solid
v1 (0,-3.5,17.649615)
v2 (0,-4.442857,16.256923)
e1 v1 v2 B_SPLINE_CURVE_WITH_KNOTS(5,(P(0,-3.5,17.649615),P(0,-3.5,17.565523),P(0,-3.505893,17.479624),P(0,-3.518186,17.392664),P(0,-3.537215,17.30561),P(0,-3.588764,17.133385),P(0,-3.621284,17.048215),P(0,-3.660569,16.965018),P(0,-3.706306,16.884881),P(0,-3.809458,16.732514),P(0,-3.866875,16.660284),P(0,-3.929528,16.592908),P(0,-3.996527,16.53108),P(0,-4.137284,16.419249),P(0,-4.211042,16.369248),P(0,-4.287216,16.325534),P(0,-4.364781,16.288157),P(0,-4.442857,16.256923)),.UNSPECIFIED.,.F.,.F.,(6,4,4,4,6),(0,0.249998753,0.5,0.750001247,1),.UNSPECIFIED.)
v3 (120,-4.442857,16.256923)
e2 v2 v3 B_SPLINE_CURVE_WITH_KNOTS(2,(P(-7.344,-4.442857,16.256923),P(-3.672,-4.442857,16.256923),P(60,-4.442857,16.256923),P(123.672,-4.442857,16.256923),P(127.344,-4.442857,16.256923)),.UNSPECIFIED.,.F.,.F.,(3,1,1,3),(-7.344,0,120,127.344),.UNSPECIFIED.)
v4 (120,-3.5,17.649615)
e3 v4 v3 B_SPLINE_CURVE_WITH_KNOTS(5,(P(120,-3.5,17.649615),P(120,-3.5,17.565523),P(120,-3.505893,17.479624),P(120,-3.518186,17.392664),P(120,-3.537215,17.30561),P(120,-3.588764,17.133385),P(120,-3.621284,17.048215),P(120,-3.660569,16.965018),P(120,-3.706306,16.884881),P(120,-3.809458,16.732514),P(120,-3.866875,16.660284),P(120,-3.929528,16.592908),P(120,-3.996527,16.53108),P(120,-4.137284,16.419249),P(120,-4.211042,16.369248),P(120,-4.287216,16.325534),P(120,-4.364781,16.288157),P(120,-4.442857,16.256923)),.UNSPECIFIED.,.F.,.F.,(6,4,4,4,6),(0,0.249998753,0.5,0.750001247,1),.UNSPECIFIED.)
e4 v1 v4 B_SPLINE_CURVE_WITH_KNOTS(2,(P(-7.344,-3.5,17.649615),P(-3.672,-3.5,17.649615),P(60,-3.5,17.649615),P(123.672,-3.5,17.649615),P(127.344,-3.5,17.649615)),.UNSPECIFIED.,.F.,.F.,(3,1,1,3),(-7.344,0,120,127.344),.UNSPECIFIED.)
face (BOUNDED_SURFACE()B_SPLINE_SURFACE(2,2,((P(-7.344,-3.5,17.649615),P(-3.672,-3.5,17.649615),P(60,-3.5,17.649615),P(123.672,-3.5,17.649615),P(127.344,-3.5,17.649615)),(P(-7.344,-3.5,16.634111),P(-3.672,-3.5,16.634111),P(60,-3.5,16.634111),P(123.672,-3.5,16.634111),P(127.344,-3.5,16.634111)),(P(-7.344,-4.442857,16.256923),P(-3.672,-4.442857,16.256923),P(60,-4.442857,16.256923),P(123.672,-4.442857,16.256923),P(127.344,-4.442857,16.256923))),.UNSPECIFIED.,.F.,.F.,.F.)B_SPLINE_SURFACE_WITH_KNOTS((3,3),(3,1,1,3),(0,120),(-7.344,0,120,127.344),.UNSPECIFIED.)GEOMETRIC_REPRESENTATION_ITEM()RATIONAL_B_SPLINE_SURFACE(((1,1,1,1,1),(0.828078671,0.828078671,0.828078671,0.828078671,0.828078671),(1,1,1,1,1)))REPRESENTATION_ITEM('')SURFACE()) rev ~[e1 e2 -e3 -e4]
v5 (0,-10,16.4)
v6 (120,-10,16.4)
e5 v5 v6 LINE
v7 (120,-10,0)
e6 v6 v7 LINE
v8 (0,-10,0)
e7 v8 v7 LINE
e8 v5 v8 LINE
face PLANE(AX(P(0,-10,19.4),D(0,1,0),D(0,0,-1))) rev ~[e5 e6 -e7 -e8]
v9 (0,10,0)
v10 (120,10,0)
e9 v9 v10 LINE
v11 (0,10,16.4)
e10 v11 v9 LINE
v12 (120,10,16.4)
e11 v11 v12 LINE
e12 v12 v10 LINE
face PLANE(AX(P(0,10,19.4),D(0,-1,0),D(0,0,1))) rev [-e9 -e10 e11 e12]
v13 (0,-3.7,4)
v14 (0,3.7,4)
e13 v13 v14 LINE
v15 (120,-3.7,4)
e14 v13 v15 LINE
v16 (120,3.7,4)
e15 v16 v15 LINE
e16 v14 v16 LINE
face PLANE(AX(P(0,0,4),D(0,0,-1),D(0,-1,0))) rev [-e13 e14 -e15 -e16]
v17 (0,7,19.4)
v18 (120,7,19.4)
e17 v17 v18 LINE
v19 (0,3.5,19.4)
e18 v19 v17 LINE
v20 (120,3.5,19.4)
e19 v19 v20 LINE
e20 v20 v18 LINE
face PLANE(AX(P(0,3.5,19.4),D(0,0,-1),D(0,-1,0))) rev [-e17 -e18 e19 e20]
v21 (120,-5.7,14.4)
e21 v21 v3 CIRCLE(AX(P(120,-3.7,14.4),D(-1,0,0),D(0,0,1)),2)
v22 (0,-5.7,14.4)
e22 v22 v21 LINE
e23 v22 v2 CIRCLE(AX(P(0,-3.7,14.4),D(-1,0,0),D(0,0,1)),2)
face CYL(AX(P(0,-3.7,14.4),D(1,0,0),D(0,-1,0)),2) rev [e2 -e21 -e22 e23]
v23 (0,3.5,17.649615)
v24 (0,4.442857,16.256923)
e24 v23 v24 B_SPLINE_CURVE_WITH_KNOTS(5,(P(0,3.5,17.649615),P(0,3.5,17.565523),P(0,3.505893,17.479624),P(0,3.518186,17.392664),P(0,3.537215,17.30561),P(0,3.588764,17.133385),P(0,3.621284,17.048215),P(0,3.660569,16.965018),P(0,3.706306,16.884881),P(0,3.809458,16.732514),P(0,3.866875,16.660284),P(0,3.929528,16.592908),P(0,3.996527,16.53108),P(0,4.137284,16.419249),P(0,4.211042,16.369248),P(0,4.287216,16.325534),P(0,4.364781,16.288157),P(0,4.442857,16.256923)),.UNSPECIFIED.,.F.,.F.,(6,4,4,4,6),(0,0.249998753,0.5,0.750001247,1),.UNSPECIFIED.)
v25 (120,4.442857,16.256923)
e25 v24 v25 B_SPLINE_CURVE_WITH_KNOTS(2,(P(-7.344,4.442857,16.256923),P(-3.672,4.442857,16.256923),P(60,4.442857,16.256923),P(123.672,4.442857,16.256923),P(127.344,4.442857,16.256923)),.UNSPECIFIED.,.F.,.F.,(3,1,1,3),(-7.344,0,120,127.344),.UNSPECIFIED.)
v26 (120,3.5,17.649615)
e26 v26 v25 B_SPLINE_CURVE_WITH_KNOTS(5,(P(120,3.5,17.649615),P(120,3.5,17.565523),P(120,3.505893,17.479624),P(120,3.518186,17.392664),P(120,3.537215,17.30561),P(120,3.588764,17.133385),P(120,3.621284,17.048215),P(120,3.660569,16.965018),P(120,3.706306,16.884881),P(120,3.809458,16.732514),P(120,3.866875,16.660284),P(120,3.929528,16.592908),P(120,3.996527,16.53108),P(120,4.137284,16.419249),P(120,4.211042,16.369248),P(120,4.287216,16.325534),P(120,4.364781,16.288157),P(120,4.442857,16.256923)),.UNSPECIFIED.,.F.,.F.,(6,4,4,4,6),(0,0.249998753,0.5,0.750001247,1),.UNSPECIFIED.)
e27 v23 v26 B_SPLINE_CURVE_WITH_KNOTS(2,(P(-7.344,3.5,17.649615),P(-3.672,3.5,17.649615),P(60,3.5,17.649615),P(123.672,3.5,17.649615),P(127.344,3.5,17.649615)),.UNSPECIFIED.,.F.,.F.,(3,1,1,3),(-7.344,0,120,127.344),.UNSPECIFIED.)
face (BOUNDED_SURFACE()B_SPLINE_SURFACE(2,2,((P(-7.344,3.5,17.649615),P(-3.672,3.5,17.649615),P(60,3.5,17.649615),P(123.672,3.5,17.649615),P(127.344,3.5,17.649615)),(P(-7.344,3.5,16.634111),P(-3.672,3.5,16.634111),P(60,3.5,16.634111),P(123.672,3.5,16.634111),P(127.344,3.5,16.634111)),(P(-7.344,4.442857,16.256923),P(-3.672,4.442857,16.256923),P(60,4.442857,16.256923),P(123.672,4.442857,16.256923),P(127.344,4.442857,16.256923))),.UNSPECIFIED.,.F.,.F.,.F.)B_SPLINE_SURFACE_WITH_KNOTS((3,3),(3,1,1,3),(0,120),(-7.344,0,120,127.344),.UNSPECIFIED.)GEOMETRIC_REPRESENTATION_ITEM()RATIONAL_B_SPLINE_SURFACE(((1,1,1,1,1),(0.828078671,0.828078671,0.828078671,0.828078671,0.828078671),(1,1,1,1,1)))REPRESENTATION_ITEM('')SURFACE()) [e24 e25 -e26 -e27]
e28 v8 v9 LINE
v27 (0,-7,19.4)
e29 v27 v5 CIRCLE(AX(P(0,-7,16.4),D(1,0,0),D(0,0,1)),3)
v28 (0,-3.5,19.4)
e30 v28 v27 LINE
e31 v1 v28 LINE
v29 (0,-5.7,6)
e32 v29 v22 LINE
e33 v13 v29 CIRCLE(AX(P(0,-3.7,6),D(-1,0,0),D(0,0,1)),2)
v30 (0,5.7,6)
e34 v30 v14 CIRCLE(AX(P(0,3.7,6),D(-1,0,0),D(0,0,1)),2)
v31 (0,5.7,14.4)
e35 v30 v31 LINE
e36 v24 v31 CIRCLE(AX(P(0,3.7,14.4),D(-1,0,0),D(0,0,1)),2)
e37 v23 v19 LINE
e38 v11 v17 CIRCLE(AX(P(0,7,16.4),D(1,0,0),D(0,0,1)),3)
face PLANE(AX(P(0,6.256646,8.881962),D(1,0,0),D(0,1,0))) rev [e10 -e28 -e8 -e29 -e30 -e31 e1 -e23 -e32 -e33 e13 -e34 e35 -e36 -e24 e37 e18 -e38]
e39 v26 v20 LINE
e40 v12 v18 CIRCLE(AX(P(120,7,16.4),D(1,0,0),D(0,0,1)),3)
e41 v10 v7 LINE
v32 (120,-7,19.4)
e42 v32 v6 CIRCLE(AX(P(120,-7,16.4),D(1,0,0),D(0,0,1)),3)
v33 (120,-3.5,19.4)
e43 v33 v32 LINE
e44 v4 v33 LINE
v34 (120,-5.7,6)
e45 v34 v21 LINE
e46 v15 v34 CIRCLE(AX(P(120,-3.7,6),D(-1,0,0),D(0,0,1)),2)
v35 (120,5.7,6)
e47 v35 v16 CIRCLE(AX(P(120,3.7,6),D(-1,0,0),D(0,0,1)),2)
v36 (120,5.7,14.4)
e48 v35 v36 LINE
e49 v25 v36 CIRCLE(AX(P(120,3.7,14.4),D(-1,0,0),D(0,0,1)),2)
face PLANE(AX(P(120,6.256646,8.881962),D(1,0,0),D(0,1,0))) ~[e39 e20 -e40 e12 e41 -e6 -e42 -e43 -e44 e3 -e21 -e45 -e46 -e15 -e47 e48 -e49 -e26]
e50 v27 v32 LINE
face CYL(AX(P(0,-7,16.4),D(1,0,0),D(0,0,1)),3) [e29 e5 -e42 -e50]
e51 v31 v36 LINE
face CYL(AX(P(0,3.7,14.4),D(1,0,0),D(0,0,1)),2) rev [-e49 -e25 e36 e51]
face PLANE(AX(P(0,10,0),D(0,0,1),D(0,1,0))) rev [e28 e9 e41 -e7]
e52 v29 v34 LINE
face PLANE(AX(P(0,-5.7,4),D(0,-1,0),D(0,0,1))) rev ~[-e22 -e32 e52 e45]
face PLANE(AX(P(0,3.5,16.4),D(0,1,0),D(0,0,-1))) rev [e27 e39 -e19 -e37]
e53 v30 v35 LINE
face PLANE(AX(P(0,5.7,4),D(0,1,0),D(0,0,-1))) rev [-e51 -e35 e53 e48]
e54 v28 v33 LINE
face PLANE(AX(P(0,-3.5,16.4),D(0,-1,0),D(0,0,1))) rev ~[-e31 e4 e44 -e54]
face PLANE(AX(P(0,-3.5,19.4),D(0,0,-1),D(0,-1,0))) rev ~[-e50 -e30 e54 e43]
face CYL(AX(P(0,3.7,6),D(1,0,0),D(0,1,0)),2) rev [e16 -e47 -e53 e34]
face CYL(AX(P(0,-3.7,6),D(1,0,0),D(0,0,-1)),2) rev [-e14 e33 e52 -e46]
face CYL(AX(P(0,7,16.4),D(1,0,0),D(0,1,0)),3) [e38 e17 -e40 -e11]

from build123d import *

# Parameters (mm, degrees)
F1_DEPTH = 120
F3_R     = 2
F4_R     = 3
F5_R     = 1.5


with BuildPart() as f1:
    # F0 (on Right) → F1 (new body)
    with BuildSketch(Plane.YZ):
        Polygon((-10, 19.4), (-10, 0), (0, 0), (0, 4), (-5.7, 4), (-5.7, 16.4), (-3.5, 16.4), (-3.5, 19.4), align=None)
    extrude(amount=F1_DEPTH)

    # F2: F1 across plane


with BuildPart() as f1_1:
    add(f1.part)
    add(f1.part.mirror(Plane.XZ))

    # F3
    f3_edges = [f1_1.edges().sort_by_distance(p)[0] for p in [
        (60, -5.7, 16.4),
        (60, -5.7, 4),
        (60, 5.7, 4),
        (60, 5.7, 16.4),
    ]]
    fillet(f3_edges, radius=F3_R)

    # F4
    f4_edges = [f1_1.edges().sort_by_distance(p)[0] for p in [
        (60, -10, 19.4),
        (60, 10, 19.4),
    ]]
    fillet(f4_edges, radius=F4_R)

    # F5
    f5_edges = [f1_1.edges().sort_by_distance(p)[0] for p in [
        (60, -3.5, 16.4),
        (60, 3.5, 16.4),
    ]]
    fillet(f5_edges, radius=F5_R)


solid = f1_1.part
